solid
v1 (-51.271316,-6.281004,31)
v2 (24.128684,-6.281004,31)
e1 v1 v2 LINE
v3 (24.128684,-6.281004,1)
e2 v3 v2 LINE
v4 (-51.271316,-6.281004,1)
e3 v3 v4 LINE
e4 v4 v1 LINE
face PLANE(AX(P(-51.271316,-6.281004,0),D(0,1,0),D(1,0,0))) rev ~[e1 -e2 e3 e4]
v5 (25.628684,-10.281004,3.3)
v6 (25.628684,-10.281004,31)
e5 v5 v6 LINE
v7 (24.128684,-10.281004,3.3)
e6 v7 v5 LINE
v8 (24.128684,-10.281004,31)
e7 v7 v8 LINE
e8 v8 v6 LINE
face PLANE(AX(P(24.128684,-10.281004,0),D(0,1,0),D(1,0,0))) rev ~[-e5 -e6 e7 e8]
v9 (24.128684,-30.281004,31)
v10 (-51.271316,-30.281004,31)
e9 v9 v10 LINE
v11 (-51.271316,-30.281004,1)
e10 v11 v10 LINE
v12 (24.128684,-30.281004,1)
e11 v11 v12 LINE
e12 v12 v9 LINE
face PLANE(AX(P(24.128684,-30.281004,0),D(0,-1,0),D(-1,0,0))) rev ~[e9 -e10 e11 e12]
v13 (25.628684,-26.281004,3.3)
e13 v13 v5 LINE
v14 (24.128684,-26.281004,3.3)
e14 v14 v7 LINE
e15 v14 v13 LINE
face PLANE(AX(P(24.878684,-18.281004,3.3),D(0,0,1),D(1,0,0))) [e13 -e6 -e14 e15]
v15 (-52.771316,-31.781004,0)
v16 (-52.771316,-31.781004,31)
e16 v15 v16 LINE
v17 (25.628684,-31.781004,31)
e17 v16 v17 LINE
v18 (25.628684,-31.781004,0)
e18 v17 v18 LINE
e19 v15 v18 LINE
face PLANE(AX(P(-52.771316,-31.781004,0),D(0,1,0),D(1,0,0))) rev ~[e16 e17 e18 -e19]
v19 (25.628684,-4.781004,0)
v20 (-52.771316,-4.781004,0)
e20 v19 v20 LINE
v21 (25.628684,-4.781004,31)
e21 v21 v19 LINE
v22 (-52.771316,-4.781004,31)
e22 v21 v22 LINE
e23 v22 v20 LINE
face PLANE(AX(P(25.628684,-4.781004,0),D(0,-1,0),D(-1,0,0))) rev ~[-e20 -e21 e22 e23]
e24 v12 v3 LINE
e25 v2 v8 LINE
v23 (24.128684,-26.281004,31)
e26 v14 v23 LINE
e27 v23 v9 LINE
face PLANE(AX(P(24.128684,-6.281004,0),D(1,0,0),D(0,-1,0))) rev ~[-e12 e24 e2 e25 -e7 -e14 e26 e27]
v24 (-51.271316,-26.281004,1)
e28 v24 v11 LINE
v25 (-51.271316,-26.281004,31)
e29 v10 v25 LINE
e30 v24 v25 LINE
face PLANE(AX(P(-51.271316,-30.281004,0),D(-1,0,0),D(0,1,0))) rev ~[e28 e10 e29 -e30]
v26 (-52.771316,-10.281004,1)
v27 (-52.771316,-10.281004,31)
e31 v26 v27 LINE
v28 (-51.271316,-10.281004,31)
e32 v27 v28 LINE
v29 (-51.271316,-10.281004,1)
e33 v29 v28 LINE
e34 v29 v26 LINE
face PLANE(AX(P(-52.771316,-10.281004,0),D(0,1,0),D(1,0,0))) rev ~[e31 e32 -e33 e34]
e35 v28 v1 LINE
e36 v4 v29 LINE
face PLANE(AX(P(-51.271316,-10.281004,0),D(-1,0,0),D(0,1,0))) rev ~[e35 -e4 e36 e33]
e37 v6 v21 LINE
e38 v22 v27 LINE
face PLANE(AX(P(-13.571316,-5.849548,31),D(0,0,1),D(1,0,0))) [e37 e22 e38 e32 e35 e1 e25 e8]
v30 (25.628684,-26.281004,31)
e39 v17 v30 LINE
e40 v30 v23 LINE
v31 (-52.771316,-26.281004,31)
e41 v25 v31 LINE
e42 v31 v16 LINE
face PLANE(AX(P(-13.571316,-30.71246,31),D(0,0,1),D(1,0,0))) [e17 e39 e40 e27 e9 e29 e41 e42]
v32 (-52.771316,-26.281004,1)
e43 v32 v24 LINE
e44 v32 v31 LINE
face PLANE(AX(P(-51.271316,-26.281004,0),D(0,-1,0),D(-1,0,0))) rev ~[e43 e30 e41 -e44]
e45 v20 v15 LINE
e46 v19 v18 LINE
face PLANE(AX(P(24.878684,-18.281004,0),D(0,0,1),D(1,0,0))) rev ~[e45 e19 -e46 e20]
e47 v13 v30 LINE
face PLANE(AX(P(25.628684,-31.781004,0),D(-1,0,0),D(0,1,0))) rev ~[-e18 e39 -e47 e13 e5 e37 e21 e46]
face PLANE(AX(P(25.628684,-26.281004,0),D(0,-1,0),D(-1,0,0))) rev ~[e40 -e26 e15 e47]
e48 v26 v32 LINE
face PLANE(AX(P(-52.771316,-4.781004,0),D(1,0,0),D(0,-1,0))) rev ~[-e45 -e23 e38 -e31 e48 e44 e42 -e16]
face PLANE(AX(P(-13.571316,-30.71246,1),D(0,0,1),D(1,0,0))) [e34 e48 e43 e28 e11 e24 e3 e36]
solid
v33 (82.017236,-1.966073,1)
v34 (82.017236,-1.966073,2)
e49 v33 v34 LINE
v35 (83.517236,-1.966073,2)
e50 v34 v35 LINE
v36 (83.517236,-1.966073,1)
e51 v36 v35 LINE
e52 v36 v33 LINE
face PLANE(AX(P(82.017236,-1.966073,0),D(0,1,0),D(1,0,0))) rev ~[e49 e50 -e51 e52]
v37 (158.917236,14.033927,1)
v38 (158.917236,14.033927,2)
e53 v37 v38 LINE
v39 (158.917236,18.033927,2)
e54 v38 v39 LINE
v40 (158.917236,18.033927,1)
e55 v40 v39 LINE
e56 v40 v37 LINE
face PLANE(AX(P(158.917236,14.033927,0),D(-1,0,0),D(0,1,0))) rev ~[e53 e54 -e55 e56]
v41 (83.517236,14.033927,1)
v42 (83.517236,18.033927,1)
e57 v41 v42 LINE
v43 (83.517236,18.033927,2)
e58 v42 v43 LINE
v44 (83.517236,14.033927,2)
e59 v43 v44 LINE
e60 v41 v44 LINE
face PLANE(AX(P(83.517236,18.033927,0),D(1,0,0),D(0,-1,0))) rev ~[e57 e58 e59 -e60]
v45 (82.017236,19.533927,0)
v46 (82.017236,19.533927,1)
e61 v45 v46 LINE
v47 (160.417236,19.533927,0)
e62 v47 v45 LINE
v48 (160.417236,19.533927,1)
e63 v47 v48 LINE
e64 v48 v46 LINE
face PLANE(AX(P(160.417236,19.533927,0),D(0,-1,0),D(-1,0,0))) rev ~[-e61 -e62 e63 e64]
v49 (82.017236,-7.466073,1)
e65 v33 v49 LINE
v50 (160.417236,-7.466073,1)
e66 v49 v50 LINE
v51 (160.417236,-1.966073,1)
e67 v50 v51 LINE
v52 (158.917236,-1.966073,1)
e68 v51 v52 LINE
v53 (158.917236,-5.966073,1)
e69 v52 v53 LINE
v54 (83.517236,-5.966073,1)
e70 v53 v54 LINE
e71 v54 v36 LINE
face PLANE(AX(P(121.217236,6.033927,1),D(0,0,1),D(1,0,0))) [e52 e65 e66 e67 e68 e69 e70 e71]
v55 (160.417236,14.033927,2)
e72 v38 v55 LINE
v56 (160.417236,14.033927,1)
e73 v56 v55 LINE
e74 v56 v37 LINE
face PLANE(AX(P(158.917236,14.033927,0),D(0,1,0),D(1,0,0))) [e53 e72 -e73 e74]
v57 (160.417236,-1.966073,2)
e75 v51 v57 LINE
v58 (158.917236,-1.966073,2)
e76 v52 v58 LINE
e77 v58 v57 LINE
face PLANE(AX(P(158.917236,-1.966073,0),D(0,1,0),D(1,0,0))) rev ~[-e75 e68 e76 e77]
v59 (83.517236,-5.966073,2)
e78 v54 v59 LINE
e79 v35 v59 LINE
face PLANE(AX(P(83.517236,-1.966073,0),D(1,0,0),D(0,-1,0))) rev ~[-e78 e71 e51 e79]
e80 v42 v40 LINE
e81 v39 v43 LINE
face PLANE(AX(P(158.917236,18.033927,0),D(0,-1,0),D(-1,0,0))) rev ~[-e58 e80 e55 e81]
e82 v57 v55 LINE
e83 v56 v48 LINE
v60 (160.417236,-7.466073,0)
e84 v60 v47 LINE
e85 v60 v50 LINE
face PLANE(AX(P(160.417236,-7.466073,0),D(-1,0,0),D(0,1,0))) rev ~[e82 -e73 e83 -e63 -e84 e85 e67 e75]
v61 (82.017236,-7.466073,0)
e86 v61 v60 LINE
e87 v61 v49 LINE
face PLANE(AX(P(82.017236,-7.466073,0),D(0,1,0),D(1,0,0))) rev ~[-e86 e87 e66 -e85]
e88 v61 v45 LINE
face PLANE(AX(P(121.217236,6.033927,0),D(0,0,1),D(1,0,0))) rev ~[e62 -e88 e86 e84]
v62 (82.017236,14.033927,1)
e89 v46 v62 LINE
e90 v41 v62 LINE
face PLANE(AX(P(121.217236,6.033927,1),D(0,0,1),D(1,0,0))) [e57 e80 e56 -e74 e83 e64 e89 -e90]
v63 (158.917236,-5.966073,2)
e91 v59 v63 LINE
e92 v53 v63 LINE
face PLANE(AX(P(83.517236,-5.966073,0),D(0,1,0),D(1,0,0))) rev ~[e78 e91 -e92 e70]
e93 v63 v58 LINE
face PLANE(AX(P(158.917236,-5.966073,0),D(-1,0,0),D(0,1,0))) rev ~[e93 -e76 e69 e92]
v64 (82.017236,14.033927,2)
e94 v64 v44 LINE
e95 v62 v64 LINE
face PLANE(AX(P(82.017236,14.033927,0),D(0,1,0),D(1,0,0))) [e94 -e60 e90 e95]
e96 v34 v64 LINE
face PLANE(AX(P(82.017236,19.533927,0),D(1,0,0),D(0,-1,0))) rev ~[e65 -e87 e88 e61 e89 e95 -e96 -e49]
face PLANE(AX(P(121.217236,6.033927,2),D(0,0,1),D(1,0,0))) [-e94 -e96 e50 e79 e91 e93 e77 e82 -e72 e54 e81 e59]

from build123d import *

# Parameters (mm, degrees)
F0_W     = 1.5
F0_H     = 16
F1_DEPTH = 1
F2_DEPTH = 31
F3_DEPTH = 3.3
F4_DEPTH = 1
F5_DEPTH = 2


with BuildPart() as f1:
    # F0 (on Top) → F1 (new body)
    with BuildSketch(Plane.XY):
        Polygon((-51.271316, -30.281004), (-51.271316, -26.281004), (-52.771316, -26.281004), (-52.771316, -31.781004), (25.628684, -31.781004), (25.628684, -26.281004), (24.128684, -26.281004), (24.128684, -30.281004), align=None)
        Polygon((-51.271316, -10.281004), (-51.271316, -6.281004), (24.128684, -6.281004), (24.128684, -10.281004), (25.628684, -10.281004), (25.628684, -4.781004), (-52.771316, -4.781004), (-52.771316, -10.281004), align=None)
        Polygon((24.128684, -6.281004), (-51.271316, -6.281004), (-51.271316, -10.281004), (-51.271316, -26.281004), (-51.271316, -30.281004), (24.128684, -30.281004), (24.128684, -26.281004), (24.128684, -10.281004), align=None)
        with Locations((-52.021316, -18.281004)):
            Rectangle(F0_W, F0_H)
        with Locations((24.878684, -18.281004)):
            Rectangle(F0_W, F0_H)
    extrude(amount=F1_DEPTH)

    # F0 (on Top) → F2 (join)
    with BuildSketch(Plane.XY):
        Polygon((-51.271316, -10.281004), (-51.271316, -6.281004), (24.128684, -6.281004), (24.128684, -10.281004), (25.628684, -10.281004), (25.628684, -4.781004), (-52.771316, -4.781004), (-52.771316, -10.281004), align=None)
        Polygon((-51.271316, -30.281004), (-51.271316, -26.281004), (-52.771316, -26.281004), (-52.771316, -31.781004), (25.628684, -31.781004), (25.628684, -26.281004), (24.128684, -26.281004), (24.128684, -30.281004), align=None)
    extrude(amount=F2_DEPTH)

    # F0 (on Top) → F3 (join)
    with BuildSketch(Plane.XY):
        with Locations((24.878684, -18.281004)):
            Rectangle(F0_W, F0_H)
    extrude(amount=F3_DEPTH)


with BuildPart() as f4:
    # F0 (on Top) → F4 (new body)
    with BuildSketch(Plane.XY):
        Polygon((158.917236, 18.033927), (83.517236, 18.033927), (83.517236, 14.033927), (83.517236, -1.966073), (83.517236, -5.966073), (158.917236, -5.966073), (158.917236, -1.966073), (158.917236, 14.033927), align=None)
        Polygon((83.517236, 14.033927), (83.517236, 18.033927), (158.917236, 18.033927), (158.917236, 14.033927), (160.417236, 14.033927), (160.417236, 19.533927), (82.017236, 19.533927), (82.017236, 14.033927), align=None)
        with Locations((82.767236, 6.033927)):
            Rectangle(F0_W, F0_H)
        Polygon((83.517236, -5.966073), (83.517236, -1.966073), (82.017236, -1.966073), (82.017236, -7.466073), (160.417236, -7.466073), (160.417236, -1.966073), (158.917236, -1.966073), (158.917236, -5.966073), align=None)
        with Locations((159.667236, 6.033927)):
            Rectangle(F0_W, F0_H)
    extrude(amount=F4_DEPTH)

    # F0 (on Top) → F5 (join)
    with BuildSketch(Plane.XY):
        Polygon((158.917236, 18.033927), (83.517236, 18.033927), (83.517236, 14.033927), (83.517236, -1.966073), (83.517236, -5.966073), (158.917236, -5.966073), (158.917236, -1.966073), (158.917236, 14.033927), align=None)
        with Locations((82.767236, 6.033927)):
            Rectangle(F0_W, F0_H)
        with Locations((159.667236, 6.033927)):
            Rectangle(F0_W, F0_H)
    extrude(amount=F5_DEPTH)


solid = Compound([f1.part, f4.part])
